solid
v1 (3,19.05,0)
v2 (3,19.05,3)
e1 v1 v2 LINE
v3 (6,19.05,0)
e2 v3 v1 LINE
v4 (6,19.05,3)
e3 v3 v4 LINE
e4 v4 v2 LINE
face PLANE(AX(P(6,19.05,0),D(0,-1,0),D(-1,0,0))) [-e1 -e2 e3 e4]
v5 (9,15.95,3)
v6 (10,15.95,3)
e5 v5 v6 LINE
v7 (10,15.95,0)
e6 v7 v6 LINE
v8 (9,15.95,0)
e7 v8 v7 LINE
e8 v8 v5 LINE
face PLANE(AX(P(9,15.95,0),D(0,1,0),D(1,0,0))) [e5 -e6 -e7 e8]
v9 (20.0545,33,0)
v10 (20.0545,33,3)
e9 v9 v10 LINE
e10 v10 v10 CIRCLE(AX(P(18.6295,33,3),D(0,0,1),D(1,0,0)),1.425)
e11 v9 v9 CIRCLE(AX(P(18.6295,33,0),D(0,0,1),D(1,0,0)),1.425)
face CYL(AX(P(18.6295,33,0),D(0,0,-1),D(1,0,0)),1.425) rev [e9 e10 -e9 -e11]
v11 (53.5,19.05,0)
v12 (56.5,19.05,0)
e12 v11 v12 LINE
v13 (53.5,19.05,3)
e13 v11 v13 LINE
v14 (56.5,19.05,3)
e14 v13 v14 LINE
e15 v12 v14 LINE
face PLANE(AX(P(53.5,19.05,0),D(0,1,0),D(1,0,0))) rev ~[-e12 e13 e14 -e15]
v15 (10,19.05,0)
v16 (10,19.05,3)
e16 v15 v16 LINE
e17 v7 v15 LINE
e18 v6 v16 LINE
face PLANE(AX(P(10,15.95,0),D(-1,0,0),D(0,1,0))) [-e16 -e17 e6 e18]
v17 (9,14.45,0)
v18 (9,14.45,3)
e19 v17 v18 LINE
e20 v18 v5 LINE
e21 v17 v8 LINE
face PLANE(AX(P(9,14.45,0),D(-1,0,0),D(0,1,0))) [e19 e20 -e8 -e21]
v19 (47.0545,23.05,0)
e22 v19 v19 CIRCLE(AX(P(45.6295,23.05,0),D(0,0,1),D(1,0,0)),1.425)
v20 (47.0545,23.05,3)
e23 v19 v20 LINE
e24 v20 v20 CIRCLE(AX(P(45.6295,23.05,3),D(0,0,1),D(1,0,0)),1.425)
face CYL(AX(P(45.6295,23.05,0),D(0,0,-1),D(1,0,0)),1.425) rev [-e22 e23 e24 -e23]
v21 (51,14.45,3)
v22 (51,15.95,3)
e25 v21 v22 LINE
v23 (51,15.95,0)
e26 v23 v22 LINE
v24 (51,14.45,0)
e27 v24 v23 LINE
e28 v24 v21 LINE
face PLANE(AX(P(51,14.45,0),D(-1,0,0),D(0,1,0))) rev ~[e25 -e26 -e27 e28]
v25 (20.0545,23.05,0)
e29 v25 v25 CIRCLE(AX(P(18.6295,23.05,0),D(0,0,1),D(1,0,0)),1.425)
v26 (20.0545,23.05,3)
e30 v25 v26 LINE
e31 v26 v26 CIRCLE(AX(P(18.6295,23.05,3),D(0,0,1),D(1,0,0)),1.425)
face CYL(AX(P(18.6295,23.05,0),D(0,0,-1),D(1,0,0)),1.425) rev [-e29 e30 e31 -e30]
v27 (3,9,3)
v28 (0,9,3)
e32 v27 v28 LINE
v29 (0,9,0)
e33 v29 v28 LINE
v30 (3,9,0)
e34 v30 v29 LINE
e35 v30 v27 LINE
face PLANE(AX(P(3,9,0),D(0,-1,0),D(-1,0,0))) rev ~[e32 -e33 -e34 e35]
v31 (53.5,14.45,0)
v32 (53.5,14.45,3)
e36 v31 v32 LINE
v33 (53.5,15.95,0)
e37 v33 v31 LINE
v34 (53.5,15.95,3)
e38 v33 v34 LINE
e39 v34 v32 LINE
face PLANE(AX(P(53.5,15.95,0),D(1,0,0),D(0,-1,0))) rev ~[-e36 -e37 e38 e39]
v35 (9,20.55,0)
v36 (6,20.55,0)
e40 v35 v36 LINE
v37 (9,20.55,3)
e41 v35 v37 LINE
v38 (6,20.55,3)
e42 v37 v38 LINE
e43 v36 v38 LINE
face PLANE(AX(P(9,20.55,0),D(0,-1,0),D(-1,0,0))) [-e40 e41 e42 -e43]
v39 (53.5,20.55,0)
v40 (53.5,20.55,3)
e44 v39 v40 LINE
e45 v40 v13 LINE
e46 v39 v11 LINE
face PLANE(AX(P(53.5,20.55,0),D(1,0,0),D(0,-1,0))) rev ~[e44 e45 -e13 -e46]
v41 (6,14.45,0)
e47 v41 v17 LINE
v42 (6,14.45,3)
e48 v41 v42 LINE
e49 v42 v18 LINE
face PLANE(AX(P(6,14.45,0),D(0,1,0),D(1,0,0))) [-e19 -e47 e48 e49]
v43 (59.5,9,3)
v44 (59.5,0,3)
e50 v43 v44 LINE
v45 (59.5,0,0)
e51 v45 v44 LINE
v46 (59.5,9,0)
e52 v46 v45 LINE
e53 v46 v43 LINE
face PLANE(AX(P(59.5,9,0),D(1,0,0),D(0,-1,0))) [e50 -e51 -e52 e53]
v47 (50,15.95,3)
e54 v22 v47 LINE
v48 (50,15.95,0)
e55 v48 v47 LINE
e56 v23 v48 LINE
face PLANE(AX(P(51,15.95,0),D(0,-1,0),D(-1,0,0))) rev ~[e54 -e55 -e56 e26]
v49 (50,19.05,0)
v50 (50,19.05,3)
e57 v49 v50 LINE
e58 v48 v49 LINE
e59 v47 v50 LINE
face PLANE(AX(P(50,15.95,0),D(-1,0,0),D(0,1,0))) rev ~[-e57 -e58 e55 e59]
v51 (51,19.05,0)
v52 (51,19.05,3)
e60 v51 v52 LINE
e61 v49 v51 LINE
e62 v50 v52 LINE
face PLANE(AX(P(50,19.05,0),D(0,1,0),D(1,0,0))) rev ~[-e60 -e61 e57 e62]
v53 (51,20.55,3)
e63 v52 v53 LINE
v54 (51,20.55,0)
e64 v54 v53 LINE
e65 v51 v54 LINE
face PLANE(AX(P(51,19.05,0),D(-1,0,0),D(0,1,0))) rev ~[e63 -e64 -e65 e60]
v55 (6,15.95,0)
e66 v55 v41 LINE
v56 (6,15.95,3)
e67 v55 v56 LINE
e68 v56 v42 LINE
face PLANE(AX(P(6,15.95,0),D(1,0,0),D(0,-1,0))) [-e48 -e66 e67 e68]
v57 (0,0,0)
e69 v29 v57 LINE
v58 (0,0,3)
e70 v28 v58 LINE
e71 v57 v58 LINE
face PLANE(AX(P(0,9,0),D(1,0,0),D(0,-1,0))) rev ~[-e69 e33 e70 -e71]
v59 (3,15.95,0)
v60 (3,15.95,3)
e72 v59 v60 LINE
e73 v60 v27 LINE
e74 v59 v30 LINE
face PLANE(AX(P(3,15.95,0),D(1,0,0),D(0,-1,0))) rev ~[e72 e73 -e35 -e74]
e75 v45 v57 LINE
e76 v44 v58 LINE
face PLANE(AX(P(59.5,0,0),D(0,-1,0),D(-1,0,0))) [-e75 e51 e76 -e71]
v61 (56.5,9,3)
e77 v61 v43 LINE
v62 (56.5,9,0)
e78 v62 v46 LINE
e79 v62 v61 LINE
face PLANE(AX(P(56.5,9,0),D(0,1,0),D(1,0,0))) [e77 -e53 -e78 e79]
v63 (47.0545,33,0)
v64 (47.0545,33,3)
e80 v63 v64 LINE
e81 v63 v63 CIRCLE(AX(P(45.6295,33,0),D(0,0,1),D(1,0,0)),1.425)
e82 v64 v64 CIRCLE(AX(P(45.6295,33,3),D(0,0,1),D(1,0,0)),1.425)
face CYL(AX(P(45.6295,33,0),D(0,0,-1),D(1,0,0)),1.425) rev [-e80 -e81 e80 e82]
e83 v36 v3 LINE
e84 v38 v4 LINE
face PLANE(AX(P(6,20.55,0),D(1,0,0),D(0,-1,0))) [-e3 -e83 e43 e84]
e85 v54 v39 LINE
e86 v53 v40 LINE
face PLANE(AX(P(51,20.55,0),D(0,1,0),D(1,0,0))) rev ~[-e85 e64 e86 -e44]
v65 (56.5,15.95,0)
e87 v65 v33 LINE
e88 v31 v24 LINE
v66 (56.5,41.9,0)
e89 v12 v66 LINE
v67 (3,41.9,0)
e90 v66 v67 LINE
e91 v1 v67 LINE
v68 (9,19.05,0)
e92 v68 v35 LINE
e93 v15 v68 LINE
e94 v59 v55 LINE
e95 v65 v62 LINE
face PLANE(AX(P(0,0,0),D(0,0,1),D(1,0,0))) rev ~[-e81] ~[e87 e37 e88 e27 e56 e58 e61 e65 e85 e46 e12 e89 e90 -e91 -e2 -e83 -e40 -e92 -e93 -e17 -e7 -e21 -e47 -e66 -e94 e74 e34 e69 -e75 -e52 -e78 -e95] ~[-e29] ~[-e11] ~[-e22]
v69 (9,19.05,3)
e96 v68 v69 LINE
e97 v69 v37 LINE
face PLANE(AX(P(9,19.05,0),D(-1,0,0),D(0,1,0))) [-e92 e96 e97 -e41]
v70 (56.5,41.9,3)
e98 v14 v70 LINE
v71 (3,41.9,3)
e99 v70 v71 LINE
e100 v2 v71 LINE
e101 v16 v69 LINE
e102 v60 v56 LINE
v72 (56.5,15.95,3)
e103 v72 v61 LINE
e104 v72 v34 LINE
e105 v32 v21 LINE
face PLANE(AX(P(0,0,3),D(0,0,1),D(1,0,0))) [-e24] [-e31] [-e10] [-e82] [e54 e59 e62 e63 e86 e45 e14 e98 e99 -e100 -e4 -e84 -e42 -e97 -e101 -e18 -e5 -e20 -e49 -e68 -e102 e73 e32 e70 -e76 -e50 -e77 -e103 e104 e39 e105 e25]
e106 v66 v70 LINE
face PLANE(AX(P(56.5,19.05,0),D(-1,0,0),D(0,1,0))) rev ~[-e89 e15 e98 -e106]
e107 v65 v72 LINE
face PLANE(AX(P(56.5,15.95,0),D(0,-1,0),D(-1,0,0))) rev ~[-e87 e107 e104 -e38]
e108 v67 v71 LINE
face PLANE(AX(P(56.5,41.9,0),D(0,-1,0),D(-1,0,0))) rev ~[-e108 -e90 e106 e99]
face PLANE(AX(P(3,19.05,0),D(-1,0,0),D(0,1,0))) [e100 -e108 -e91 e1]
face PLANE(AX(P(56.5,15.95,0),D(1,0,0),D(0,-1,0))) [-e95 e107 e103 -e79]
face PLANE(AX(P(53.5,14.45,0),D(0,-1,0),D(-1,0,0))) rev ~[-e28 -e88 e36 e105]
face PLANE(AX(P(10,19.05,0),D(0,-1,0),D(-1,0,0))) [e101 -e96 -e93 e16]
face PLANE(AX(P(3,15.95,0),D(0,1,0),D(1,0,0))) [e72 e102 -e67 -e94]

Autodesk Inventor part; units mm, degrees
ref_plane "YZ Plane" through (0, 0, 0) normal (1, 0, 0) x (0, 1, 0)
ref_plane "XZ Plane" through (0, 0, 0) normal (0, 1, 0) x (-1, 0, 0)
ref_plane "XY Plane" through (0, 0, 0) normal (0, 0, 1) x (1, 0, 0)
sketch "Sketch1" plane through (0, 0, 0) normal (0, 0, 1) x (1, 0, 0)
  line L0 (50, 15.95) -> (50, 19.05)
  line L1 (56.5, 15.95) -> (53.5, 15.95)
  line L2 (51, 15.95) -> (51, 15.95)
  line L3 (53.5, 14.45) -> (51, 14.45)
  line L4 (51, 20.55) -> (53.5, 20.55)
  line L5 (51, 14.45) -> (51, 15.95)
  line L6 (51, 19.05) -> (51, 20.55)
  line L7 (50, 19.05) -> (51, 19.05)
  line L8 (53.5, 19.05) -> (56.5, 19.05)
  line L9 (56.5, 15.95) -> (53.5, 15.95)
  line L10 (51, 15.95) -> (50, 15.95)
  line L11 (53.5, 20.55) -> (53.5, 19.05)
  line L12 (53.5, 15.95) -> (53.5, 14.45)
  line L13 (10, 15.95) -> (10, 19.05)
  line L14 (10, 19.05) -> (9, 19.05)
  line L15 (9, 14.45) -> (9, 15.95)
  line L16 (9, 19.05) -> (9, 20.55)
  line L17 (6, 20.55) -> (6, 19.05)
  line L18 (9, 20.55) -> (6, 20.55)
  line L19 (6, 15.95) -> (6, 14.45)
  line L20 (6, 19.05) -> (3, 19.05)
  line L21 (3, 15.95) -> (6, 15.95)
  line L22 (3, 15.95) -> (6, 15.95)
  line L23 (6, 14.45) -> (9, 14.45)
  line L24 (56.5, 19.05) -> (56.5, 41.9)
  line L25 (3, 15.95) -> (3, 9)
  line L26 (3, 9) -> (0, 9)
  line L27 (0, 9) -> (0, 0)
  line L28 (3, 19.05) -> (3, 41.9)
  line L29 (56.5, 41.9) -> (3, 41.9)
  line L30 (9, 15.95) -> (10, 15.95)
  line L31 (56.5, 15.95) -> (56.5, 9)
  line L32 (56.5, 9) -> (59.5, 9)
  line L33 (59.5, 9) -> (59.5, 0)
  line L34 (59.5, 0) -> (0, 0)
  circle A0 centre (45.6295, 23.05) radius 1.425 projected
  circle A1 centre (18.6295, 23.05) radius 1.425 projected
  circle A2 centre (18.6295, 33) radius 1.425 projected
  circle A3 centre (45.6295, 33) radius 1.425 projected
  circle A4 centre (45.6295, 23.05) radius 1.425
  circle A5 centre (45.6295, 33) radius 1.425
  circle A6 centre (18.6295, 33) radius 1.425
  circle A7 centre (18.6295, 23.05) radius 1.425
  line L35 (59.5, 9) -> (59.5, 17.5) construction
  line L36 (59.5, 17.5) -> (59.5, 15.95) construction
  line L37 (59.5, 15.95) -> (56.5, 15.95) construction
  dimension "d54" = 3.1
  dimension "d70" = 3.1
  dimension "d74" = 1.5
  dimension "d83" = 3
  dimension "d85" = 3.1
  dimension "d87" = 3
  dimension "d100" = 9
  dimension "d102" = 3.1
  dimension "d103" = 0
  dimension "d104" = 0
  dimension "d105" = 53.5
  dimension "d108" = 3
  dimension "d109" = 9
  dimension "d110" = 9
  dimension "d111" = 0
  dimension "d112" = 3
  dimension "d113" = 3
  dimension "d114" = 2.5
  dimension "d115" = 1
  dimension "d116" = 1
  dimension "d117" = 1.5
  dimension "d121" = 8.5
  dimension "d122" = 1.55
  dimension "d123" = 6.95
  dimension "d124" = 6.95
  dimension "d125" = 1
  dimension "d126" = 1
  dimension "d127" = 3
  dimension "d128" = 3
  dimension "d129" = 1.5
  dimension "d130" = 1.5
  dimension "d131" = 0
  dimension "d132" = 1.5
  dimension "d133" = 1.5
  dimension "d134" = 1.5
  dimension "d136" = 27
  dimension "d137" = 9.95
extrude "Extrusion1" add sketch "Sketch1" along normal blind 3
properties part number "Muñeca1"
